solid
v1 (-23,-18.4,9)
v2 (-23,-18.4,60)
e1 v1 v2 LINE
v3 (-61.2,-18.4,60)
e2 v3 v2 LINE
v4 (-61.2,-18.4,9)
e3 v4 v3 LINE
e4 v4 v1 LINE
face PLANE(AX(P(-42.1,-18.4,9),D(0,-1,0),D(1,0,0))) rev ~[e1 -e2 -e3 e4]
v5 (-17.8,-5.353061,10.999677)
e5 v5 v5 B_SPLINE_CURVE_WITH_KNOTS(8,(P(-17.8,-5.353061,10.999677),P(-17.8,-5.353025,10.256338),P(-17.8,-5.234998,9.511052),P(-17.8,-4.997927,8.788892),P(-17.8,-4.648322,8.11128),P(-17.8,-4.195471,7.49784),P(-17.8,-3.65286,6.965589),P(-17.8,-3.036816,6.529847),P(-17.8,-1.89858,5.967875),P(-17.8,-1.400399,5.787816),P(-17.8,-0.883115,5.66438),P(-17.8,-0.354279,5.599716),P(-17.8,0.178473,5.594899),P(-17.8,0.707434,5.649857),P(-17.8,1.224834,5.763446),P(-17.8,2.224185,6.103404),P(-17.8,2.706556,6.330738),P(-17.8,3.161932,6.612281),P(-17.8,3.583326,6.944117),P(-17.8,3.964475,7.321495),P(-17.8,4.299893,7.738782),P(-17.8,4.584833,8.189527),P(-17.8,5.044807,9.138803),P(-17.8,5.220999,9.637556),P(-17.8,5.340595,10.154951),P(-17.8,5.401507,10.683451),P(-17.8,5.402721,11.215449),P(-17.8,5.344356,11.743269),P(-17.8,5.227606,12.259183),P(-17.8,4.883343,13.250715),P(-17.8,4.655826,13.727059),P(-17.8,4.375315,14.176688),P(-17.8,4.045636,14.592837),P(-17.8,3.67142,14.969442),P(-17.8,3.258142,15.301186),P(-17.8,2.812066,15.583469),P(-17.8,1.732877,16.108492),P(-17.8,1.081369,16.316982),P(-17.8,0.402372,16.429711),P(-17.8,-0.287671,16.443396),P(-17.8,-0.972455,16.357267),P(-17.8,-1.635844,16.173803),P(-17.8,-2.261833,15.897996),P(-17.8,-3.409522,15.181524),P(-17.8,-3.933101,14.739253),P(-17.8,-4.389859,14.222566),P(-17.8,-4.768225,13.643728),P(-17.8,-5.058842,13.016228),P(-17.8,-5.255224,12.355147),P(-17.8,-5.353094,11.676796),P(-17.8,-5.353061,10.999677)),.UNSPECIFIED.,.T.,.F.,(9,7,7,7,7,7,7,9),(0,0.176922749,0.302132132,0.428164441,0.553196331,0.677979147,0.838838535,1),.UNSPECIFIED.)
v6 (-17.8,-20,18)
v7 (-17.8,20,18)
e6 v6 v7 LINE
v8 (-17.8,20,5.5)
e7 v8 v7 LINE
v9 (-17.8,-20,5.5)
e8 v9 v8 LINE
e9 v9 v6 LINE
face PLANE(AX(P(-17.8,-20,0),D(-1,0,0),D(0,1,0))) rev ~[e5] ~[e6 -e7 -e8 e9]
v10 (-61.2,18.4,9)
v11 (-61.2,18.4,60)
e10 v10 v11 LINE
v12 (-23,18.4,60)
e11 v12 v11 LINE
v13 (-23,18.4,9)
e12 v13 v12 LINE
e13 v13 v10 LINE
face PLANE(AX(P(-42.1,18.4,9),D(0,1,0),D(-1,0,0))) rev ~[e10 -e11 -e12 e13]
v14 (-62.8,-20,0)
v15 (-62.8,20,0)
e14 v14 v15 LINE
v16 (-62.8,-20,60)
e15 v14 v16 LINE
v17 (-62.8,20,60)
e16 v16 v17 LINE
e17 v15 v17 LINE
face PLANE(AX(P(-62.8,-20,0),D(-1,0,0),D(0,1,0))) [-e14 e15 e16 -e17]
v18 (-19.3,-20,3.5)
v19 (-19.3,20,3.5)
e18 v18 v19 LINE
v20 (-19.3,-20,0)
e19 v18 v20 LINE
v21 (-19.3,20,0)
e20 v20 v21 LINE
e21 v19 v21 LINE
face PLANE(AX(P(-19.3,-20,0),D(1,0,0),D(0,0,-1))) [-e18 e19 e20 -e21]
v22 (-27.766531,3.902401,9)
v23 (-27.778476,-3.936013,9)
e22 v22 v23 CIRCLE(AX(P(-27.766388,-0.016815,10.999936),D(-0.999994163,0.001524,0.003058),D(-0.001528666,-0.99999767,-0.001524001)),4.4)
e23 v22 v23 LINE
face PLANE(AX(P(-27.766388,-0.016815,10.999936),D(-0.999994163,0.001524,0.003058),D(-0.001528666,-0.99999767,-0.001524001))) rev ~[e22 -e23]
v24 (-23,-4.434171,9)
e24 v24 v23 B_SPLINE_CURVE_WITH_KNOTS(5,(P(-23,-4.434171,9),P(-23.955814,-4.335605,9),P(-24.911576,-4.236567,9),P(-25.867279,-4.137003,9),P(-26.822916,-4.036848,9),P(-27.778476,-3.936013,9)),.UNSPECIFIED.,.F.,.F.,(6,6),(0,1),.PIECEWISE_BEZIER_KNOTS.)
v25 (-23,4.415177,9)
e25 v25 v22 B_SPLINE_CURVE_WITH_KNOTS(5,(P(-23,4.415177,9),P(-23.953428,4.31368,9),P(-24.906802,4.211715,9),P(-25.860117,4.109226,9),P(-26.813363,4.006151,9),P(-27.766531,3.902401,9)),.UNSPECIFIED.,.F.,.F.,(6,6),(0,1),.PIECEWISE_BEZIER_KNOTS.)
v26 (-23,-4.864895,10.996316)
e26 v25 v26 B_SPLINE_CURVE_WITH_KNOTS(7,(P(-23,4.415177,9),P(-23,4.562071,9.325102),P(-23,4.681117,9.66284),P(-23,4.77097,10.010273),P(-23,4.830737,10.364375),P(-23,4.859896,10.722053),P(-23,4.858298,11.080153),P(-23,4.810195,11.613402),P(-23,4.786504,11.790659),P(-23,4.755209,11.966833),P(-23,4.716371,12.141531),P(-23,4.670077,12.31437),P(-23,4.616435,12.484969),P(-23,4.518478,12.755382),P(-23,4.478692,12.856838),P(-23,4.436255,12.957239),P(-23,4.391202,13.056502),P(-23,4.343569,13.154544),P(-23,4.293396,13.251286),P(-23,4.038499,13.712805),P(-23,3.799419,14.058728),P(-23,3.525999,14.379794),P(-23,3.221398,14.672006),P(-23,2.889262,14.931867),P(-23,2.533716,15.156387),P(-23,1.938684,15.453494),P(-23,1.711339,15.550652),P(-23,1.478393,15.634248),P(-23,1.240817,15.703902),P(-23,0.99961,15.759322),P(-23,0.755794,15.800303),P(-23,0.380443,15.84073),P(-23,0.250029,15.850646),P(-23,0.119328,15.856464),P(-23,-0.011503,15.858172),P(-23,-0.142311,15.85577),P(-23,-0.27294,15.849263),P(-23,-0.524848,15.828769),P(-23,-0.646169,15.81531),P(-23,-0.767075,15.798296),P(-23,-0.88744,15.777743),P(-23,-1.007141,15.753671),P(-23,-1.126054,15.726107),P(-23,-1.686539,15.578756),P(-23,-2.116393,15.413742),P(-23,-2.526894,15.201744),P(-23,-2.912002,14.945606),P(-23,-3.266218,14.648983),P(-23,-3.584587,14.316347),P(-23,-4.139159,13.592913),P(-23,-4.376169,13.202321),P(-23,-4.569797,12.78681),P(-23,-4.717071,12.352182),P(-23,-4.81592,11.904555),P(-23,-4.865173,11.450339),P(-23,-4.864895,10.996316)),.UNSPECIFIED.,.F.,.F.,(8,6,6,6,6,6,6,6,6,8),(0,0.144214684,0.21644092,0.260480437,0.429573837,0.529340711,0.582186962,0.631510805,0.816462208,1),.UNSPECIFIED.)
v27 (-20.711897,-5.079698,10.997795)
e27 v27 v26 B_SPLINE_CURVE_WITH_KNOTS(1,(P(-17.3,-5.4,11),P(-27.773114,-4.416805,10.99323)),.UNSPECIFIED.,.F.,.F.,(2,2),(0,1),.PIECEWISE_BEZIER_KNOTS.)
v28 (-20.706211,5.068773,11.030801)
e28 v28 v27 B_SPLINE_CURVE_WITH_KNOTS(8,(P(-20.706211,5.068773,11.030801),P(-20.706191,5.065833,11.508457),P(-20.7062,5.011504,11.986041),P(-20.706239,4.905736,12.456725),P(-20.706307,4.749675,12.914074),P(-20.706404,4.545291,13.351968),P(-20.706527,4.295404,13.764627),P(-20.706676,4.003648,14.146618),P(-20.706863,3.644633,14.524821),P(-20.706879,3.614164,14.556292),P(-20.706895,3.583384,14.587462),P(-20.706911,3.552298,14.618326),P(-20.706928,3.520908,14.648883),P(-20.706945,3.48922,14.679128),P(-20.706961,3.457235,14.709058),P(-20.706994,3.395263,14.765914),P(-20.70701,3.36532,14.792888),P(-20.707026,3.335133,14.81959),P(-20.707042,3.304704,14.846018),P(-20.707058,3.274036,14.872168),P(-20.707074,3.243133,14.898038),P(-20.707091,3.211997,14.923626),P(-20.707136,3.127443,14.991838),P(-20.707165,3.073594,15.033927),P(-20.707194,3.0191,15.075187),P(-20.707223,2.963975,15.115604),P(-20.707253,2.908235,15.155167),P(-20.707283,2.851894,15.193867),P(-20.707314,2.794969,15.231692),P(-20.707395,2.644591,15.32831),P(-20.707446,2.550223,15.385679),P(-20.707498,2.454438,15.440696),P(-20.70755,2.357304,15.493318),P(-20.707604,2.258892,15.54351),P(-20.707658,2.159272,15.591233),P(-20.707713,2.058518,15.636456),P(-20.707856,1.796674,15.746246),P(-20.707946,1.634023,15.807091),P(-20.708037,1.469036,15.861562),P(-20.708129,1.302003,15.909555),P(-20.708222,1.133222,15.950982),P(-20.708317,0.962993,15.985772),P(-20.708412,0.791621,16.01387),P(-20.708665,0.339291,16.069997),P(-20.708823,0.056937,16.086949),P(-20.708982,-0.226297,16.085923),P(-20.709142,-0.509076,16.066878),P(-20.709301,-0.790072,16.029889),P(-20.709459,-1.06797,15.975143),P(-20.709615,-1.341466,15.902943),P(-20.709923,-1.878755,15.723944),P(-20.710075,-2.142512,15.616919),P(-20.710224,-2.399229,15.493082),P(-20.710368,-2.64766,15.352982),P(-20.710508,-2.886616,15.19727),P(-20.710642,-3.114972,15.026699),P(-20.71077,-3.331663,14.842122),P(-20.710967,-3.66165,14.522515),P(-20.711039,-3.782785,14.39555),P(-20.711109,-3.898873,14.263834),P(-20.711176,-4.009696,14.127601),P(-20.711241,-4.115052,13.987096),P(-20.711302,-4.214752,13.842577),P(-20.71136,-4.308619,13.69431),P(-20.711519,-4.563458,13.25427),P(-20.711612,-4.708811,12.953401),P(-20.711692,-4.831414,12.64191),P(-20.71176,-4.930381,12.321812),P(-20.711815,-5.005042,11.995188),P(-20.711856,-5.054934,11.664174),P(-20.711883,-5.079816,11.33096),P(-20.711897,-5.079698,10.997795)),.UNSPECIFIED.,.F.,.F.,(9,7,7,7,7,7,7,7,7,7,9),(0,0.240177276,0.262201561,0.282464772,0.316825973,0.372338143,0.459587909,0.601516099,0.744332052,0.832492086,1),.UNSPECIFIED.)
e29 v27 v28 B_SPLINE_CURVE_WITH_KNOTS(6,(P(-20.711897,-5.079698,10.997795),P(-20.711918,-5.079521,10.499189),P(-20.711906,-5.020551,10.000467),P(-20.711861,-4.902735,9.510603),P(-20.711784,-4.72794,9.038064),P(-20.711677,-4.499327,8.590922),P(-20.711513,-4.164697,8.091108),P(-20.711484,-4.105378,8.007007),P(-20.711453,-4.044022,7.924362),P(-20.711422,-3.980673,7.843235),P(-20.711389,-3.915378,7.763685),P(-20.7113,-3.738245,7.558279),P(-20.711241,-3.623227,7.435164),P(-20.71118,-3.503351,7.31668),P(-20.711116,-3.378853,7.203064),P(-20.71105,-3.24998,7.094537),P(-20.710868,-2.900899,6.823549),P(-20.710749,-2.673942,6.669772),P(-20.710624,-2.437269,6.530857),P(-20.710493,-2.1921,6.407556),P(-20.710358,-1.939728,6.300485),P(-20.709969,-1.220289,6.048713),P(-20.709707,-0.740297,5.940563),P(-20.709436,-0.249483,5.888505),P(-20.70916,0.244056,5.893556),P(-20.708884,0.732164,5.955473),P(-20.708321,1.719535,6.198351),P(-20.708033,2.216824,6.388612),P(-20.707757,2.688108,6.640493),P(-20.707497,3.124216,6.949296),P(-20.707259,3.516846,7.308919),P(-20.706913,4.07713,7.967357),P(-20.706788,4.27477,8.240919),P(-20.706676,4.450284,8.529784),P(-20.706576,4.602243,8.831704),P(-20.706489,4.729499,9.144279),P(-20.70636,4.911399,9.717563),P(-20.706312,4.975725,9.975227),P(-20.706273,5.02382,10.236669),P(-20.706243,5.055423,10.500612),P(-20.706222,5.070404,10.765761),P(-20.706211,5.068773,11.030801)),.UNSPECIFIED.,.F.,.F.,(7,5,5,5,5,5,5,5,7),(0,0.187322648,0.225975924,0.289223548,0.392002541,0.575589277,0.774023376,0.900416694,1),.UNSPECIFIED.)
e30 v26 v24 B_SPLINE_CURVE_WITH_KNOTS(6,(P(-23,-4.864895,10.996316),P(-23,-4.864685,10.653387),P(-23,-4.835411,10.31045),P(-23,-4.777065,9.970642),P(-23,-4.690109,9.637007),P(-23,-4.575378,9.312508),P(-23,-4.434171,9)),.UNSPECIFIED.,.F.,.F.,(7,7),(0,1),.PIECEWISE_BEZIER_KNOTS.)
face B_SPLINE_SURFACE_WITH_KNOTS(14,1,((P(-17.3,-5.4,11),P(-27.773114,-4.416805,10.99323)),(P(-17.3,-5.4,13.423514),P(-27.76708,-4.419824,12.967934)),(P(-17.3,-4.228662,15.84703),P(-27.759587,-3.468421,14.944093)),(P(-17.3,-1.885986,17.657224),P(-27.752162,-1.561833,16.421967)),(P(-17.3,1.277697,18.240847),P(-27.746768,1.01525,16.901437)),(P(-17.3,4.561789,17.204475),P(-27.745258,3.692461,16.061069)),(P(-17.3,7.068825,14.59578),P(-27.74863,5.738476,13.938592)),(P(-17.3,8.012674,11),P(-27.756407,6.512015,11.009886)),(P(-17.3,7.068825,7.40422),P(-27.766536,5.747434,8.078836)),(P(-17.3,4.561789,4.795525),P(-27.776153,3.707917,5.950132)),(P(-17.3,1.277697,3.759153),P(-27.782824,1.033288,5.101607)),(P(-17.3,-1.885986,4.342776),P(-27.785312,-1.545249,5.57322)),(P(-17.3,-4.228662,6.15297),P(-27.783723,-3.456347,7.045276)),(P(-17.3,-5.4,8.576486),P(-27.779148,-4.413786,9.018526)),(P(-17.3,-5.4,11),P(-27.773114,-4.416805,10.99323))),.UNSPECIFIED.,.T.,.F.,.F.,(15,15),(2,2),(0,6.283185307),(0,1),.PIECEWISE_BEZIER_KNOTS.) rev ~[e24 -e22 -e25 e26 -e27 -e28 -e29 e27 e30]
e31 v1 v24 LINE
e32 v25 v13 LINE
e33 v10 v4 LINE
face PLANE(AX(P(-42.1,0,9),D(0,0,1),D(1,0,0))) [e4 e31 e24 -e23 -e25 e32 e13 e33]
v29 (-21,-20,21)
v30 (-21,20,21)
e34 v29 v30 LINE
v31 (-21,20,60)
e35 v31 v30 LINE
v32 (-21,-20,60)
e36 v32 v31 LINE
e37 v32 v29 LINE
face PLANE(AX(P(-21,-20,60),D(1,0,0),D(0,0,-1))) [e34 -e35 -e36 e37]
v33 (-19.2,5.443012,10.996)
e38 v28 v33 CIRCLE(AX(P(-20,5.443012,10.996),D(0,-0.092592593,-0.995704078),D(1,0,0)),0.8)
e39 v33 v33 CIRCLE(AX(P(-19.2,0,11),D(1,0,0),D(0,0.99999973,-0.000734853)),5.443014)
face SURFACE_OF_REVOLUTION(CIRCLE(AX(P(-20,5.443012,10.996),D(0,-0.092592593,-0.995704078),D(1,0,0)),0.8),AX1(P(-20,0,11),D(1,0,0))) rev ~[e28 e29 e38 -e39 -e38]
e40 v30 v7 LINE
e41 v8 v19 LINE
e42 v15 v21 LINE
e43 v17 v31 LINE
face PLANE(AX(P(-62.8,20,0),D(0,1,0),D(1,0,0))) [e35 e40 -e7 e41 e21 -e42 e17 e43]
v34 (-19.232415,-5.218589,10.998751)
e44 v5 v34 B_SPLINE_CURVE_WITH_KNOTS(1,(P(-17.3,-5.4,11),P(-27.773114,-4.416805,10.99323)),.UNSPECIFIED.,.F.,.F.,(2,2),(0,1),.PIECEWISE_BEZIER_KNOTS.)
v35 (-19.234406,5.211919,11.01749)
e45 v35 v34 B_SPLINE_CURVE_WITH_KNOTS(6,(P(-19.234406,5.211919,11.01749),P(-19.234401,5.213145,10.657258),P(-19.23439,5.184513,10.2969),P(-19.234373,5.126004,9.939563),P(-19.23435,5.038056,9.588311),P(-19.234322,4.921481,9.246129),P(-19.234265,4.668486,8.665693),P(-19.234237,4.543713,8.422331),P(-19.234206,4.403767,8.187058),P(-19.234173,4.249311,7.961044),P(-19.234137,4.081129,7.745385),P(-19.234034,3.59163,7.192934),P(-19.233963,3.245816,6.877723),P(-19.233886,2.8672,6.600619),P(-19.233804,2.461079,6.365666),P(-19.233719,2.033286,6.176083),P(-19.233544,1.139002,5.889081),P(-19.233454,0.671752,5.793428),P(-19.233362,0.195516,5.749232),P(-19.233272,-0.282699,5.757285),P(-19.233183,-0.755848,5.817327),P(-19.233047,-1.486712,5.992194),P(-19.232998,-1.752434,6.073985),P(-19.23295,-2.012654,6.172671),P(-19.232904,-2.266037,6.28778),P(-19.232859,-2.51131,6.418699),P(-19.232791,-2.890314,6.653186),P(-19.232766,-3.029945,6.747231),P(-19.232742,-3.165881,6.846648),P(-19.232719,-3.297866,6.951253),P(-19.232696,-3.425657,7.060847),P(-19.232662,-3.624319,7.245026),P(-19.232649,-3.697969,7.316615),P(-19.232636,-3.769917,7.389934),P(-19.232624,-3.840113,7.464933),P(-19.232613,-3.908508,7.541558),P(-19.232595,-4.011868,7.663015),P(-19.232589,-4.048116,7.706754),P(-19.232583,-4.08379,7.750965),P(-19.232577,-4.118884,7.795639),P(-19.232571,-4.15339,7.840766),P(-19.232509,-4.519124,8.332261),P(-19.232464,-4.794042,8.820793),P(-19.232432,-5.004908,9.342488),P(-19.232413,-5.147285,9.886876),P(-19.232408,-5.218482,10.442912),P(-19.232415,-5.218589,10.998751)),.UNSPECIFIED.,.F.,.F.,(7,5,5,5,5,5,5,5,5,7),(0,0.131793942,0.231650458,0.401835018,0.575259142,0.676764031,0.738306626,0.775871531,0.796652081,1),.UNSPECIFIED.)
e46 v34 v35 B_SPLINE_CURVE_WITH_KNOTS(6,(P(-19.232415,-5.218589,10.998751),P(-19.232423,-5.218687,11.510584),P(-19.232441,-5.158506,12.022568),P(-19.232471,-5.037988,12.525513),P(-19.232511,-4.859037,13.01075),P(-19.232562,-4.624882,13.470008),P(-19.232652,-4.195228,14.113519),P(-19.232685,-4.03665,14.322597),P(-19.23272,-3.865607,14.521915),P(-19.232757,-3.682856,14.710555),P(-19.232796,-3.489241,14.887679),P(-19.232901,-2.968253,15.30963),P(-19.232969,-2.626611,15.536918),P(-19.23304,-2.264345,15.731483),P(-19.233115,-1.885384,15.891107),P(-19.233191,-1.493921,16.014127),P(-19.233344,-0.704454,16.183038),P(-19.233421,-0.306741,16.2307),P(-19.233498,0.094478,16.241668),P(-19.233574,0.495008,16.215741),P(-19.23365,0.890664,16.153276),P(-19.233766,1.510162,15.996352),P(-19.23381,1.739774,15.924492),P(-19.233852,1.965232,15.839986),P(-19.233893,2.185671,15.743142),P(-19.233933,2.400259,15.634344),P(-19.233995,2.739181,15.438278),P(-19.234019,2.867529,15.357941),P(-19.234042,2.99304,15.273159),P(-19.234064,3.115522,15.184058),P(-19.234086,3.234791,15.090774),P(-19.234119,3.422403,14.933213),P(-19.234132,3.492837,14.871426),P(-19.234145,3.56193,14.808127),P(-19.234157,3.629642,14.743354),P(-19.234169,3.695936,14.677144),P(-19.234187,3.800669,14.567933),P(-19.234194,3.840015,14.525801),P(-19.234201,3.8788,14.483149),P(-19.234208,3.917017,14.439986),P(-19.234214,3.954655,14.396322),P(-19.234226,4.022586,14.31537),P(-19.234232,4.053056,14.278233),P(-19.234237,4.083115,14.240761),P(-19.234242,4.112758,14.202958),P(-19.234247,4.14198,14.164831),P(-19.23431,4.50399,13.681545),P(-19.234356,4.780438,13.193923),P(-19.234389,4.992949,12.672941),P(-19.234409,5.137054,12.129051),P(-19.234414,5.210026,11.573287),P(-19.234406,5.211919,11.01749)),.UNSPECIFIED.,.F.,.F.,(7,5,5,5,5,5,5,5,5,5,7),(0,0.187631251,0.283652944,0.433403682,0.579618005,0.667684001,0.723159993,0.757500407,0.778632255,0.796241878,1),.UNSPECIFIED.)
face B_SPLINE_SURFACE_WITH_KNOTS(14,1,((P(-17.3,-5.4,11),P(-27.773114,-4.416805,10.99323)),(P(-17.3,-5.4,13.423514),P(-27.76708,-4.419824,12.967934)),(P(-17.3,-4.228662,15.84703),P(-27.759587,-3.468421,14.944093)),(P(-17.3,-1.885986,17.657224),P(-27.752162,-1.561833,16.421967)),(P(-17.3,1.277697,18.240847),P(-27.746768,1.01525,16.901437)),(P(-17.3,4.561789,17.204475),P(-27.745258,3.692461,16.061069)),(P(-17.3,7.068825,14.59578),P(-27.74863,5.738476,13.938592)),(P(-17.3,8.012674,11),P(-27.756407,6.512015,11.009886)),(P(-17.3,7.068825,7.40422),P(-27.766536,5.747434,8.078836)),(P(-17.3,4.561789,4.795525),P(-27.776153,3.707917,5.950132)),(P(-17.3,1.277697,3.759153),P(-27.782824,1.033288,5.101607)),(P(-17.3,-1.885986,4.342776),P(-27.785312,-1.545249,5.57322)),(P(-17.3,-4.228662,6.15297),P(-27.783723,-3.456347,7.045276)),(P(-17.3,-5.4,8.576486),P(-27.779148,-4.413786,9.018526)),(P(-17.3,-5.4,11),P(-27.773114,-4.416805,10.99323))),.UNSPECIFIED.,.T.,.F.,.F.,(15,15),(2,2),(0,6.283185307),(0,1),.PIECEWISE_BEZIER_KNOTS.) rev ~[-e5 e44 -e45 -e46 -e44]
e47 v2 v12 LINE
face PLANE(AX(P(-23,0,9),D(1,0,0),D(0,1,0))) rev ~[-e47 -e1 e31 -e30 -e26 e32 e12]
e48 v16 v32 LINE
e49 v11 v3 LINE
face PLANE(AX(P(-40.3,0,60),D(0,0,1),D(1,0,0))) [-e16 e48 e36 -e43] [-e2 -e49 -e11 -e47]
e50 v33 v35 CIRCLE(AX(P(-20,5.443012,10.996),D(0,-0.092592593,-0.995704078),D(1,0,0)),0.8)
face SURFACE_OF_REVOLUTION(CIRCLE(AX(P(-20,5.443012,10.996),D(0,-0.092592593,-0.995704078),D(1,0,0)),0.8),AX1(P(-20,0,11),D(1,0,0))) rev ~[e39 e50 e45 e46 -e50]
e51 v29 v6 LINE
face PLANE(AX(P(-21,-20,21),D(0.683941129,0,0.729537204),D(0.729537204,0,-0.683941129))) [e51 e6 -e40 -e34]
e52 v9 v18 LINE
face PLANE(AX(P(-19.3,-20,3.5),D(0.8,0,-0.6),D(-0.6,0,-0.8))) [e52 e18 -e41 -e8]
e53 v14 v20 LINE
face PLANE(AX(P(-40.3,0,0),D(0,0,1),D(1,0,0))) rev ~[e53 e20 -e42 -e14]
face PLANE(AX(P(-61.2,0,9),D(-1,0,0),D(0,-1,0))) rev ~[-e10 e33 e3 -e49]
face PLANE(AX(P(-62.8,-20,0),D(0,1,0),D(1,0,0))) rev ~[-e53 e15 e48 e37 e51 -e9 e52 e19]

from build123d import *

# Parameters (mm, degrees)
SKETCH010_W  = 45
SKETCH010_H  = 40
PAD005_DEPTH = 60
SKETCH012_W  = 38.2
SKETCH012_H  = 36.8
SKETCH003_R  = 5.4
SKETCH011_R  = 4.4
SKETCH046_R  = 0.8


with BuildPart() as part:
    # Sketch010 → Pad005 (new body)
    with BuildSketch(Plane.XY):
        with Locations((-40.3, 0)):
            Rectangle(SKETCH010_W, SKETCH010_H)
    extrude(amount=PAD005_DEPTH)

    # SubtractivePipe002: sweep along a path in Sketch028
    with BuildLine(Plane.XZ) as subtractivepipe002_path:
        Line((-39, 9), (-39, 60))
    # Sketch012 → SubtractivePipe002 (sweep, cut)
    with BuildSketch(Plane.XY.offset(9)):
        with Locations((-42.1, 0)):
            Rectangle(SKETCH012_W, SKETCH012_H)
    sweep(path=subtractivepipe002_path.line, mode=Mode.SUBTRACT)

    # Sketch003 (on Face10 of SubtractivePipe) → SubtractiveLoft section 0
    with BuildSketch(Plane(origin=(-17.3, 0, 0), x_dir=(0, -1, 0), z_dir=(-1, 0, 0))):
        with Locations((0, 11)):
            Circle(SKETCH003_R)
    # Sketch011 → SubtractiveLoft section 1
    with BuildSketch(Plane(origin=(-27.8, 0, 0), x_dir=(-0.001529, -0.999998, -0.001524), z_dir=(-0.999994, 0.001524, 0.003058))):
        with Locations((0, 11)):
            Circle(SKETCH011_R)
    loft(mode=Mode.SUBTRACT)

    # SubtractivePipe003: sweep along a path in Sketch034
    with BuildLine(Plane.YZ.offset(-17.8)) as subtractivepipe003_path:
        Line((-20, 4), (20, 4))
    # Sketch033 → SubtractivePipe003 (sweep, cut)
    with BuildSketch(Plane.XZ.offset(20)):
        Polygon((-17.8, 0), (-19.3, 0), (-19.3, 3.5), (-17.8, 5.5), align=None)
    sweep(path=subtractivepipe003_path.line, mode=Mode.SUBTRACT)

    # SubtractivePipe004: sweep along a path in Sketch037
    with BuildLine(Plane.YZ.offset(-17.8)) as subtractivepipe004_path:
        Line((-20, 36), (20, 36))
    # Sketch036 → SubtractivePipe004 (sweep, cut)
    with BuildSketch(Plane.XZ.offset(20)):
        Polygon((-21, 60), (-21, 21), (-17.8, 18), (-17.8, 60), align=None)
    sweep(path=subtractivepipe004_path.line, mode=Mode.SUBTRACT)

    # SubtractivePipe007: sweep along a path in Sketch045
    with BuildLine(Plane.YZ.offset(-17.8)) as subtractivepipe007_path:
        CenterArc((0, 11), 5.4, 0, 360)
    # Sketch046 → SubtractivePipe007 (sweep, cut)
    with BuildSketch(Plane(origin=(0, -2.3, 10.5), x_dir=(1, 0, 0), z_dir=(0, 0, 1))):
        with Locations((-20, -3.12)):
            Circle(SKETCH046_R)
    sweep(path=subtractivepipe007_path.line, mode=Mode.SUBTRACT)


solid = part.part
